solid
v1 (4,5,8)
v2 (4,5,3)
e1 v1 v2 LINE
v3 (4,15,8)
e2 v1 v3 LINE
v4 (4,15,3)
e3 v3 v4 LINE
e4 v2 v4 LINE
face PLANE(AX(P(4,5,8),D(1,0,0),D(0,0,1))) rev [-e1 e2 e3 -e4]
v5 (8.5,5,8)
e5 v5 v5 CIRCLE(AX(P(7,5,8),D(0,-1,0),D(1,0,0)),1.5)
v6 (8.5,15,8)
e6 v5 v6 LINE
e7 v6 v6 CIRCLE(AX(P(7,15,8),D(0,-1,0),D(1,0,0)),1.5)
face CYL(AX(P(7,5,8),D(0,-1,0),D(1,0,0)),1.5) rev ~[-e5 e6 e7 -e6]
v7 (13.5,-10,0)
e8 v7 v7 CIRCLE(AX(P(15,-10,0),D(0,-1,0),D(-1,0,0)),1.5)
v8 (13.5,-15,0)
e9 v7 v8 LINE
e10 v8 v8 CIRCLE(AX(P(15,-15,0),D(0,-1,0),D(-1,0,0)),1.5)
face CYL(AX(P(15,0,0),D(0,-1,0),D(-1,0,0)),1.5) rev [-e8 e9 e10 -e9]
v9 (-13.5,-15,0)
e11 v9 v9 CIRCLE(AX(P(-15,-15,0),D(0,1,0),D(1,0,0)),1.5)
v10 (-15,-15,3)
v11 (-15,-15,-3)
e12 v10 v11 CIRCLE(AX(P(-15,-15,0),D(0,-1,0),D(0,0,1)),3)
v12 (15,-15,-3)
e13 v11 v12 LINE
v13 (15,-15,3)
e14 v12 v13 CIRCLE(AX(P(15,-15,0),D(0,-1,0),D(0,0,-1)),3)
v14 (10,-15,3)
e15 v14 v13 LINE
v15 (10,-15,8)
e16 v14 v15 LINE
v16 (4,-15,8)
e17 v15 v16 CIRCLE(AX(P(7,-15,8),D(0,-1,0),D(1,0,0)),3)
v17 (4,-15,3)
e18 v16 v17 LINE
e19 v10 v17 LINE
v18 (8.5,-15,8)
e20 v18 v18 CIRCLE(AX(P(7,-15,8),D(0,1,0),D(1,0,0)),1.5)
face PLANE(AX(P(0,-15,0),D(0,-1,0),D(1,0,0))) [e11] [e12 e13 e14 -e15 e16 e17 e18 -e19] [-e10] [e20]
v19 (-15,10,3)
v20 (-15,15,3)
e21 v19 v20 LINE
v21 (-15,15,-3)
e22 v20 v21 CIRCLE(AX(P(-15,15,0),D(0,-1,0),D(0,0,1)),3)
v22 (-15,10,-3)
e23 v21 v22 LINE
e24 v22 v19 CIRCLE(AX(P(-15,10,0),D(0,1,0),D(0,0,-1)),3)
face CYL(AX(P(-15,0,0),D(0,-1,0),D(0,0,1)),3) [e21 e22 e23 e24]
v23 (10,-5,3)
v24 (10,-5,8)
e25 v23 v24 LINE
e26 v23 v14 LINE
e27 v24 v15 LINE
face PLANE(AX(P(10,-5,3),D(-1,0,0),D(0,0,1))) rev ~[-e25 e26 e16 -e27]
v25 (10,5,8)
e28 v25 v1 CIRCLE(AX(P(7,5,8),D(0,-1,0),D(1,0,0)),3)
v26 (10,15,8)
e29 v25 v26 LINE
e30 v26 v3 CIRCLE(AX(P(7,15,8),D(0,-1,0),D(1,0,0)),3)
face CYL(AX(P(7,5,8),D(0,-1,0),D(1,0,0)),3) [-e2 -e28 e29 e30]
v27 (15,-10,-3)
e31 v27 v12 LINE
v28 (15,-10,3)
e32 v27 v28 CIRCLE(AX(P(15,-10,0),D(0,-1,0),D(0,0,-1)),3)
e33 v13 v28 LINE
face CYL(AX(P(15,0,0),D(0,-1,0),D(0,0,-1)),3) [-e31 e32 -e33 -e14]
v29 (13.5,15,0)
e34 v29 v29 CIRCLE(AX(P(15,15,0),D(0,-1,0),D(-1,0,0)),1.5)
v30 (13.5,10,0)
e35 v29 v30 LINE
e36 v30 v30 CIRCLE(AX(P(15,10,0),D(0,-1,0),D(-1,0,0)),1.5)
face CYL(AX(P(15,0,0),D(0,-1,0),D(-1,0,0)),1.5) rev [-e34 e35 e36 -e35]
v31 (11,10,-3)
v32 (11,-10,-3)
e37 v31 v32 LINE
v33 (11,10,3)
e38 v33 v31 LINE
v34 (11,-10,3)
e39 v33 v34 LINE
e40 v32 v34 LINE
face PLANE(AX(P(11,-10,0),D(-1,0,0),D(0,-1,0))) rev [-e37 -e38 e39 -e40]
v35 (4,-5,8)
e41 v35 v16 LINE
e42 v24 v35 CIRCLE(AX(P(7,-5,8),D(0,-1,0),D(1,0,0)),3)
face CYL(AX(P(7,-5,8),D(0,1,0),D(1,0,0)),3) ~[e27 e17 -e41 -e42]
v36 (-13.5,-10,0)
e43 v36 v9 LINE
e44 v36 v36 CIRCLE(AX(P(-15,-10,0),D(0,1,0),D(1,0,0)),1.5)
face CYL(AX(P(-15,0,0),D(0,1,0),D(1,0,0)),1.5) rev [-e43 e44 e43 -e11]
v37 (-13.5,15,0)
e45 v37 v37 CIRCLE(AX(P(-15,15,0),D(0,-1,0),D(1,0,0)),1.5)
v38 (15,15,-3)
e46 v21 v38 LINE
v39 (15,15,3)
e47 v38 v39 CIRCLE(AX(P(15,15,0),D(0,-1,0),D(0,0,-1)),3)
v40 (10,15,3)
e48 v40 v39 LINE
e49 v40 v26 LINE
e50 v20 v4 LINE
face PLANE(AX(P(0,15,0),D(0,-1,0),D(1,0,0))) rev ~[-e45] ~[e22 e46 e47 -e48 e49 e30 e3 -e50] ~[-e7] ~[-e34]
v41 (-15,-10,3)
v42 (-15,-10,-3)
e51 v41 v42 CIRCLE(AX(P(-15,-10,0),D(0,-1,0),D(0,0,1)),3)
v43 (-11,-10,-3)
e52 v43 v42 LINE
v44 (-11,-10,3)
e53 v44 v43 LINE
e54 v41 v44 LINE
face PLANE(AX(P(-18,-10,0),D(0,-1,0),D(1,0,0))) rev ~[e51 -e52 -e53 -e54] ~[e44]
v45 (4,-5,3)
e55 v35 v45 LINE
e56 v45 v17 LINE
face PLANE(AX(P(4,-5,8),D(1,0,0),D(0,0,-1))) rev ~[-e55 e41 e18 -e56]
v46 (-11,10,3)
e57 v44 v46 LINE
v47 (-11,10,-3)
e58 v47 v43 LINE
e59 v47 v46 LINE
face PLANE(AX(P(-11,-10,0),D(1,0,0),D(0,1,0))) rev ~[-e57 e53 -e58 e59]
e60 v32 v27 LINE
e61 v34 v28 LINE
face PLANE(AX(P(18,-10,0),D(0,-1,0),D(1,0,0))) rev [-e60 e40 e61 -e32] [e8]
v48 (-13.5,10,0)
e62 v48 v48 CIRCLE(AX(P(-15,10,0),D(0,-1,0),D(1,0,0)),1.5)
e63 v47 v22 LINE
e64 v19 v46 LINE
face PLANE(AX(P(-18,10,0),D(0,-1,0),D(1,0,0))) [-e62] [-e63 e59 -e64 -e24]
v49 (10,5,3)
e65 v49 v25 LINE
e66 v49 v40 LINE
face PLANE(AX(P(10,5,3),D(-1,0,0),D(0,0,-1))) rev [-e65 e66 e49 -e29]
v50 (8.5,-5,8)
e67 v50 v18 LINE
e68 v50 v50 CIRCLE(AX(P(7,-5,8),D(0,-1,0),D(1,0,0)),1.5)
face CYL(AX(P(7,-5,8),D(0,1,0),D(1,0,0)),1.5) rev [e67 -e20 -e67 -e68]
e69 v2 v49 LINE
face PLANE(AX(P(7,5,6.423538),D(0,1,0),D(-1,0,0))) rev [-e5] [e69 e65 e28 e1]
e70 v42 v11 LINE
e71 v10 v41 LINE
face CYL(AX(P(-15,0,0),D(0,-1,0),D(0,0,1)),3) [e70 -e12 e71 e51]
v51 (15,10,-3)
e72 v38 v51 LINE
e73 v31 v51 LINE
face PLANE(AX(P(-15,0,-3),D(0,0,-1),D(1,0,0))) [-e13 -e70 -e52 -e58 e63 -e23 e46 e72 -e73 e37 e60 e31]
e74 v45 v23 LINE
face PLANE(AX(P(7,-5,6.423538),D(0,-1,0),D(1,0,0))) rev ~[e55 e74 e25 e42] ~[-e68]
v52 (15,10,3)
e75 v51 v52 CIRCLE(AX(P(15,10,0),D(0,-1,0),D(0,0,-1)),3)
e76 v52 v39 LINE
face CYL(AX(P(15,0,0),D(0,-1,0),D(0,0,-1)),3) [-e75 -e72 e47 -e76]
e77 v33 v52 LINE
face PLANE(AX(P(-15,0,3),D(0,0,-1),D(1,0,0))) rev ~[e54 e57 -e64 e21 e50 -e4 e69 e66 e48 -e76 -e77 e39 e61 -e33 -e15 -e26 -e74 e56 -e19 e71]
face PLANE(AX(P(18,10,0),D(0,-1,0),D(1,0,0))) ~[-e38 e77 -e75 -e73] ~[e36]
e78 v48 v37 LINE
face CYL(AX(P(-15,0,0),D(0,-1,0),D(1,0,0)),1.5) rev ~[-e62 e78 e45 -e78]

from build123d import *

# Parameters (mm, degrees)
PAD_DEPTH            = 15
SKETCH001_W          = 7
SKETCH001_H          = 20
POCKET_DEPTH         = 97.489094
POCKET_DEPTH_BACK    = 97.489094
SKETCH002_R          = 1.5
POCKET001_DEPTH      = 109.489094
POCKET001_DEPTH_BACK = 109.489094
PAD001_DEPTH         = 10
SKETCH004_R          = 1.5
POCKET002_DEPTH      = 107.817154


with BuildPart() as part:
    # Sketch (on DatumPlane) → Pad (new body, symmetric)
    with BuildSketch(Plane.XZ):
        with BuildLine():
            ThreePointArc((-15, 3), (-18, 0), (-15, -3))
            Line((-15, -3), (15, -3))
            ThreePointArc((15, -3), (18, 0), (15, 3))
            Line((-15, 3), (15, 3))
        make_face()
    extrude(amount=PAD_DEPTH, both=True)

    # Sketch001 (on DatumPlane) → Pocket (cut, two sides)
    with BuildSketch(Plane.XY) as pocket_sk:
        with Locations((-14.5, 0)):
            Rectangle(SKETCH001_W, SKETCH001_H)
    pocket = extrude(amount=-POCKET_DEPTH, mode=Mode.SUBTRACT) + extrude(pocket_sk.sketch, amount=POCKET_DEPTH_BACK, mode=Mode.SUBTRACT)

    # Mirrored: Pocket across YZ
    add(pocket.mirror(Plane.YZ), mode=Mode.SUBTRACT)

    # Sketch002 (on DatumPlane) → Pocket001 (cut, two sides)
    with BuildSketch(Plane.XZ) as pocket001_sk:
        with Locations((-15, 0)):
            Circle(SKETCH002_R)
    pocket001 = extrude(amount=-POCKET001_DEPTH, mode=Mode.SUBTRACT) + extrude(pocket001_sk.sketch, amount=POCKET001_DEPTH_BACK, mode=Mode.SUBTRACT)

    # Mirrored001: Pocket001 across YZ
    add(pocket001.mirror(Plane.YZ), mode=Mode.SUBTRACT)

    # Sketch003 (on DatumPlane) → Pad001 (join)
    with BuildSketch(Plane.XZ.offset(5)):
        with BuildLine():
            Line((4, 8), (4, 3))
            Line((4, 3), (10, 3))
            Line((10, 3), (10, 8))
            ThreePointArc((10, 8), (7, 11), (4, 8))
        make_face()
    pad001 = extrude(amount=PAD001_DEPTH)

    # Sketch004 (on DatumPlane) → Pocket002 (cut, through all)
    with BuildSketch(Plane.XZ.offset(5)):
        with Locations((7, 8)):
            Circle(SKETCH004_R)
    pocket002 = extrude(amount=POCKET002_DEPTH, mode=Mode.SUBTRACT)

    # Mirrored002: Pad001, Pocket002 across XZ
    add(pad001.mirror(Plane.XZ))
    add(pocket002.mirror(Plane.XZ), mode=Mode.SUBTRACT)


solid = part.part
